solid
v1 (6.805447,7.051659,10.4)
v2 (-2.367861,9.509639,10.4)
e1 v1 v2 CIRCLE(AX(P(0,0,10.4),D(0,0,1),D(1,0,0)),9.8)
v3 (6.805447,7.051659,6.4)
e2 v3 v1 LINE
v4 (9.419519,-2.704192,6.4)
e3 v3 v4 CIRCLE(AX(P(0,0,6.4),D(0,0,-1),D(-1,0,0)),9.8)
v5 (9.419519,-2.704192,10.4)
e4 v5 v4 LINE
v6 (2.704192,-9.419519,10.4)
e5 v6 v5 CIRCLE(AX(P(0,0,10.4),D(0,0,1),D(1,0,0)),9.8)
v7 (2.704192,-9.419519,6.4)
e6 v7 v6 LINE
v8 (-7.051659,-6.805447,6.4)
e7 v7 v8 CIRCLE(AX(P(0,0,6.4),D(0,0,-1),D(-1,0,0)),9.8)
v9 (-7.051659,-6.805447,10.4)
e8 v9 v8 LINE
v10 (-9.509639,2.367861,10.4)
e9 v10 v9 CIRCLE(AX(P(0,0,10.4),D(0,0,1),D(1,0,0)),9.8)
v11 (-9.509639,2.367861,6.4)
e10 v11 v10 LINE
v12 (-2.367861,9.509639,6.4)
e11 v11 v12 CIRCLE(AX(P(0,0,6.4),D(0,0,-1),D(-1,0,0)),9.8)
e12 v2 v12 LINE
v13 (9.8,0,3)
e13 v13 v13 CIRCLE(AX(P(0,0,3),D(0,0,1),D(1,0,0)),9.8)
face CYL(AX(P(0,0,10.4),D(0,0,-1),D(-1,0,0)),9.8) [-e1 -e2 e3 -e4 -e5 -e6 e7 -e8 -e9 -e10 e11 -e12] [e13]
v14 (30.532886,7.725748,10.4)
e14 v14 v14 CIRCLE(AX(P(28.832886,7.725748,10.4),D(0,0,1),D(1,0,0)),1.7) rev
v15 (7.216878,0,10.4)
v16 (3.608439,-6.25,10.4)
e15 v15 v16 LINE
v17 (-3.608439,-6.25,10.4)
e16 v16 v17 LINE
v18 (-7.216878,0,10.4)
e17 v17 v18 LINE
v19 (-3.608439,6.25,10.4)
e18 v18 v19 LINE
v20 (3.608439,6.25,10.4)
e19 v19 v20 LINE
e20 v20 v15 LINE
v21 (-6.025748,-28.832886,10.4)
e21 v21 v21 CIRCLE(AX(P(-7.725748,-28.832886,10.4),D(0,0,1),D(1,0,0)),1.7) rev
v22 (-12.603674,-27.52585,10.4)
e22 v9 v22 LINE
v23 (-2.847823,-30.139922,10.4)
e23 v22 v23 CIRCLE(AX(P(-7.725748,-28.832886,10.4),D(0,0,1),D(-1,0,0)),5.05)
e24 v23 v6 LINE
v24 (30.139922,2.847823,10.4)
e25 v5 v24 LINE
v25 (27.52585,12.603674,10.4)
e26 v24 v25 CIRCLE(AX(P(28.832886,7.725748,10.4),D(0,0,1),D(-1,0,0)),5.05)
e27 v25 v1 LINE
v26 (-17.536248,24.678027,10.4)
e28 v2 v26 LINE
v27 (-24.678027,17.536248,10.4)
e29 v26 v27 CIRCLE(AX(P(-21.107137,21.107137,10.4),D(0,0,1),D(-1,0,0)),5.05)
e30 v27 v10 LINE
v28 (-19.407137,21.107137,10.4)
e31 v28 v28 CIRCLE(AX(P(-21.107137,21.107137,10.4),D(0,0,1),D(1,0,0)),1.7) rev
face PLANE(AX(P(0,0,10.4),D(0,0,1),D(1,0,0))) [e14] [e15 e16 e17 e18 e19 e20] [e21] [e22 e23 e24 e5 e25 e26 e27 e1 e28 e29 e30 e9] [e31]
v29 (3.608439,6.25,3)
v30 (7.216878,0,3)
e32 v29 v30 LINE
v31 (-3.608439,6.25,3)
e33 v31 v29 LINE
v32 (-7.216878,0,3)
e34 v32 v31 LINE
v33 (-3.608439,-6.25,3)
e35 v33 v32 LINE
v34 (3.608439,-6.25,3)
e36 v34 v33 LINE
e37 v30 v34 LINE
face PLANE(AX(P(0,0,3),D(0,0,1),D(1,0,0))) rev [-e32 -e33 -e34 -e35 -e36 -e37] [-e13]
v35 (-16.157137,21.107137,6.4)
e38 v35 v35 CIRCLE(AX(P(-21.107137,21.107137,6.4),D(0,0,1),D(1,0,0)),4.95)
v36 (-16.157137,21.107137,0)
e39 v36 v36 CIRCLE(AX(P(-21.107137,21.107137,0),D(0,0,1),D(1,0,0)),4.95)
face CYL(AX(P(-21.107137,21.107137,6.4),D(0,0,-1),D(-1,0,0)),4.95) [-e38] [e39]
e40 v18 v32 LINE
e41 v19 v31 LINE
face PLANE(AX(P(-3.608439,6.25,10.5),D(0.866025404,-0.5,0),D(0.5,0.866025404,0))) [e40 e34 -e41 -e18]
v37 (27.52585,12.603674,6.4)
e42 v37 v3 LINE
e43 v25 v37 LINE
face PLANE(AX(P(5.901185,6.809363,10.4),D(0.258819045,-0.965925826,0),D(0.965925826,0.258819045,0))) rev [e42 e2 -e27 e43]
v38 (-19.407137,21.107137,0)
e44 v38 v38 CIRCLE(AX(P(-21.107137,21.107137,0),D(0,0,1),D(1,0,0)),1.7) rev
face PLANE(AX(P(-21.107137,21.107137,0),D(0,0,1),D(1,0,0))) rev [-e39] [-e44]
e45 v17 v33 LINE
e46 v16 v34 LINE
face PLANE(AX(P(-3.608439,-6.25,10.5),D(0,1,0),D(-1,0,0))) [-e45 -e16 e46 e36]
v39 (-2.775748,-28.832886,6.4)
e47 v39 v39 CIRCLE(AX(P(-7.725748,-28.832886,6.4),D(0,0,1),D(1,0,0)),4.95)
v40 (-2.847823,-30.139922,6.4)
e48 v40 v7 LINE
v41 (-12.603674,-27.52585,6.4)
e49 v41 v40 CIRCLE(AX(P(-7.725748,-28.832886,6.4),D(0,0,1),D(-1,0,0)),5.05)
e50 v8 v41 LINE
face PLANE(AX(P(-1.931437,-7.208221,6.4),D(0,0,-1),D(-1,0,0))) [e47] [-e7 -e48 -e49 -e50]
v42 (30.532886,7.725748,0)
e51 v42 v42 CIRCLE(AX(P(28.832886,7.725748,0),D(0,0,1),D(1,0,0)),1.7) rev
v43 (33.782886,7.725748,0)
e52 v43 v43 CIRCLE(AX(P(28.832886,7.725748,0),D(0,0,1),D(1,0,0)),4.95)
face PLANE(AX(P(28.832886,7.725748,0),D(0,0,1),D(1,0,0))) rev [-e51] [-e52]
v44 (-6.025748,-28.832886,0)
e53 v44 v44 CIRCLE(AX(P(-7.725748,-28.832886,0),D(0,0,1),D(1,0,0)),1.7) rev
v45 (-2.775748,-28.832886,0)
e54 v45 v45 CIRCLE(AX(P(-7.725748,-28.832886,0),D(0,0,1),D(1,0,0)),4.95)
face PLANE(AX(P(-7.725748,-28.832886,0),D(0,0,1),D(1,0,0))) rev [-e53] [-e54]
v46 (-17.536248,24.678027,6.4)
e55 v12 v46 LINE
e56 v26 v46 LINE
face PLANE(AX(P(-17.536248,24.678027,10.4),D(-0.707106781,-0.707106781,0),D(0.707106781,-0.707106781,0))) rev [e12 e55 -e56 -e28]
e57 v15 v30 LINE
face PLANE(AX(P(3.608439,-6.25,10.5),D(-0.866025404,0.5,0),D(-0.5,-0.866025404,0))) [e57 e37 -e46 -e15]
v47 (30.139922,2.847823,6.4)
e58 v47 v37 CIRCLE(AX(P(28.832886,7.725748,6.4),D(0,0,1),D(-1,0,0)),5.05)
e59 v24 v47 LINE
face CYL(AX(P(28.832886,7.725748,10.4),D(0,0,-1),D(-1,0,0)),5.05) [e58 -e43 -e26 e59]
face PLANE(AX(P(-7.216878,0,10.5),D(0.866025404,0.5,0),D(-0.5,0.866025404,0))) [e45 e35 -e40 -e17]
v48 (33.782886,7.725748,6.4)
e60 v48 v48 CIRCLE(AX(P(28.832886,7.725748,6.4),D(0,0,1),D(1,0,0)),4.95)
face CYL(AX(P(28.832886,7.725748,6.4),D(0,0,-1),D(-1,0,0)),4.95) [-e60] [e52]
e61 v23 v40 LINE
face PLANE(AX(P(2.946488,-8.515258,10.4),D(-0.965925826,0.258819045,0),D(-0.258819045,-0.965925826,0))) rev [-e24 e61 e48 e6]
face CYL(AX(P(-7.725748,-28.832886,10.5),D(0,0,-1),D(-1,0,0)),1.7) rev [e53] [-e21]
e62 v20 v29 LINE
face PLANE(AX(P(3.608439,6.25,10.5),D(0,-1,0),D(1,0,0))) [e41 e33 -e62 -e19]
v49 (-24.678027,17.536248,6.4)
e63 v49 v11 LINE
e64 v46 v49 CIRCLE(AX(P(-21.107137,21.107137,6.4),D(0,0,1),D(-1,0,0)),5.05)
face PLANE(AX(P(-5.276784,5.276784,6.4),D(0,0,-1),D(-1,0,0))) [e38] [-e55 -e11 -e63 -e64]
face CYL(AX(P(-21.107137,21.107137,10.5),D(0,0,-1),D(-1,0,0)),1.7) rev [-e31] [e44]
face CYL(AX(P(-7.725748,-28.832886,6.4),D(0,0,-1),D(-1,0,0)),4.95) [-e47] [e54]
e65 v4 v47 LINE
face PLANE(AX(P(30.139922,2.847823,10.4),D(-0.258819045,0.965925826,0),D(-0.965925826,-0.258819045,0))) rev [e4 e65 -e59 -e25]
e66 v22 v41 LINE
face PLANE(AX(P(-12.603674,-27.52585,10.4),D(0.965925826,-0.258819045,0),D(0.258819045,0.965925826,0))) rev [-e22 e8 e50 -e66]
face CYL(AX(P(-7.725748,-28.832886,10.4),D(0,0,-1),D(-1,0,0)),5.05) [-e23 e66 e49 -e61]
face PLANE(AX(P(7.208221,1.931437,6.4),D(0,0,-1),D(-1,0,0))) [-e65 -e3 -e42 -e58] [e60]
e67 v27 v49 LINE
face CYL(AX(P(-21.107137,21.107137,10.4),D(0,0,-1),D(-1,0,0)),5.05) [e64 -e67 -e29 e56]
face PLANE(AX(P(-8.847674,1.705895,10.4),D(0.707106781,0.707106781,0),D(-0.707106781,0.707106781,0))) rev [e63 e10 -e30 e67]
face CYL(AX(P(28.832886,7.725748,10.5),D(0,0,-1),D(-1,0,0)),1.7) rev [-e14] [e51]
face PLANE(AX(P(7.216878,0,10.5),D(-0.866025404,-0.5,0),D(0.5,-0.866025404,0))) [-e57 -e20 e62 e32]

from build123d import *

# Parameters (mm, degrees)
F_01_START                                = 3
S01_HEX_COUPLING_BOSS_R                   = 9.8
F_01_HEX_COUPLING_BOSS_DEPTH              = 7.4
F_02_START                                = 6.4
F_02_DRIVE_SPOKE_1_DEPTH                  = 4
S03_FLANGE_STANDOFF_1_R                   = 4.95
F_03_FLANGE_STANDOFF_1_DEPTH              = 6.4
F_04_START                                = 6.4
F_04_DRIVE_SPOKE_2_DEPTH                  = 4
S05_FLANGE_STANDOFF_2_R                   = 4.95
F_05_FLANGE_STANDOFF_2_DEPTH              = 6.4
F_06_START                                = 6.4
F_06_DRIVE_SPOKE_3_DEPTH                  = 4
S07_FLANGE_STANDOFF_3_R                   = 4.95
F_07_FLANGE_STANDOFF_3_DEPTH              = 6.4
F_08_START                                = 0.1
F_08_FLOATING_12_MM_AF_DRIVE_SOCKET_DEPTH = 10.6
F_09_START                                = -0.1
S09_THREE_SHARED_THROUGH_FASTENERS_R      = 1.7
F_09_THREE_SHARED_THROUGH_FASTENERS_DEPTH = 10.6


with BuildPart() as part:
    # S01 - Hex coupling boss → 01 - Hex coupling boss (new body)
    with BuildSketch(Plane.XY.offset(F_01_START)):
        Circle(S01_HEX_COUPLING_BOSS_R)
    extrude(amount=F_01_HEX_COUPLING_BOSS_DEPTH)

    # S02 - Drive spoke 1 → 02 - Drive spoke 1 (add)
    with BuildSketch(Plane.XY.offset(F_02_START)):
        with BuildLine():
            Line((5.901185301, 6.809362547), (27.525849737, 12.603673919))
            ThreePointArc((27.525849737, 12.603673919), (33.710811337, 9.032784674), (30.139922092, 2.847823074))
            Line((30.139922092, 2.847823074), (8.515257656, -2.946488299))
            ThreePointArc((8.515257656, -2.946488299), (2.330296056, 0.624400946), (5.901185301, 6.809362547))
        make_face()
    extrude(amount=F_02_DRIVE_SPOKE_1_DEPTH)

    # S03 - Flange standoff 1 → 03 - Flange standoff 1 (add)
    with BuildSketch(Plane.XY):
        with Locations((28.832885915, 7.725748496)):
            Circle(S03_FLANGE_STANDOFF_1_R)
    extrude(amount=F_03_FLANGE_STANDOFF_1_DEPTH)

    # S04 - Drive spoke 2 → 04 - Drive spoke 2 (add)
    with BuildSketch(Plane.XY.offset(F_04_START)):
        with BuildLine():
            Line((-8.8476736, 1.70589511), (-24.678026663, 17.536248173))
            ThreePointArc((-24.678026663, 17.536248173), (-24.678026663, 24.678026663), (-17.536248173, 24.678026663))
            Line((-17.536248173, 24.678026663), (-1.70589511, 8.8476736))
            ThreePointArc((-1.70589511, 8.8476736), (-1.70589511, 1.70589511), (-8.8476736, 1.70589511))
        make_face()
    extrude(amount=F_04_DRIVE_SPOKE_2_DEPTH)

    # S05 - Flange standoff 2 → 05 - Flange standoff 2 (add)
    with BuildSketch(Plane.XY):
        with Locations((-21.107137418, 21.107137418)):
            Circle(S05_FLANGE_STANDOFF_2_R)
    extrude(amount=F_05_FLANGE_STANDOFF_2_DEPTH)

    # S06 - Drive spoke 3 → 06 - Drive spoke 3 (add)
    with BuildSketch(Plane.XY.offset(F_06_START)):
        with BuildLine():
            Line((2.946488299, -8.515257656), (-2.847823074, -30.139922092))
            ThreePointArc((-2.847823074, -30.139922092), (-9.032784674, -33.710811337), (-12.603673919, -27.525849737))
            Line((-12.603673919, -27.525849737), (-6.809362547, -5.901185301))
            ThreePointArc((-6.809362547, -5.901185301), (-0.624400946, -2.330296056), (2.946488299, -8.515257656))
        make_face()
    extrude(amount=F_06_DRIVE_SPOKE_3_DEPTH)

    # S07 - Flange standoff 3 → 07 - Flange standoff 3 (add)
    with BuildSketch(Plane.XY):
        with Locations((-7.725748496, -28.832885915)):
            Circle(S07_FLANGE_STANDOFF_3_R)
    extrude(amount=F_07_FLANGE_STANDOFF_3_DEPTH)

    # S08 - Floating 12 mm AF drive socket → 08 - Floating 12 mm AF drive socket (cut)
    with BuildSketch(Plane.XY.offset(F_08_START)):
        Polygon((7.216878365, 0), (3.608439182, 6.25), (-3.608439182, 6.25), (-7.216878365, 0), (-3.608439182, -6.25), (3.608439182, -6.25), align=None)
    extrude(amount=F_08_FLOATING_12_MM_AF_DRIVE_SOCKET_DEPTH, mode=Mode.SUBTRACT)

    # S09 - Three shared through-fasteners → 09 - Three shared through-fasteners (cut)
    with BuildSketch(Plane.XY.offset(F_09_START)):
        with Locations((28.832885915, 7.725748496)):
            Circle(S09_THREE_SHARED_THROUGH_FASTENERS_R)
        with Locations((-21.107137418, 21.107137418)):
            Circle(S09_THREE_SHARED_THROUGH_FASTENERS_R)
        with Locations((-7.725748496, -28.832885915)):
            Circle(S09_THREE_SHARED_THROUGH_FASTENERS_R)
    extrude(amount=F_09_THREE_SHARED_THROUGH_FASTENERS_DEPTH, mode=Mode.SUBTRACT)


solid = part.part
